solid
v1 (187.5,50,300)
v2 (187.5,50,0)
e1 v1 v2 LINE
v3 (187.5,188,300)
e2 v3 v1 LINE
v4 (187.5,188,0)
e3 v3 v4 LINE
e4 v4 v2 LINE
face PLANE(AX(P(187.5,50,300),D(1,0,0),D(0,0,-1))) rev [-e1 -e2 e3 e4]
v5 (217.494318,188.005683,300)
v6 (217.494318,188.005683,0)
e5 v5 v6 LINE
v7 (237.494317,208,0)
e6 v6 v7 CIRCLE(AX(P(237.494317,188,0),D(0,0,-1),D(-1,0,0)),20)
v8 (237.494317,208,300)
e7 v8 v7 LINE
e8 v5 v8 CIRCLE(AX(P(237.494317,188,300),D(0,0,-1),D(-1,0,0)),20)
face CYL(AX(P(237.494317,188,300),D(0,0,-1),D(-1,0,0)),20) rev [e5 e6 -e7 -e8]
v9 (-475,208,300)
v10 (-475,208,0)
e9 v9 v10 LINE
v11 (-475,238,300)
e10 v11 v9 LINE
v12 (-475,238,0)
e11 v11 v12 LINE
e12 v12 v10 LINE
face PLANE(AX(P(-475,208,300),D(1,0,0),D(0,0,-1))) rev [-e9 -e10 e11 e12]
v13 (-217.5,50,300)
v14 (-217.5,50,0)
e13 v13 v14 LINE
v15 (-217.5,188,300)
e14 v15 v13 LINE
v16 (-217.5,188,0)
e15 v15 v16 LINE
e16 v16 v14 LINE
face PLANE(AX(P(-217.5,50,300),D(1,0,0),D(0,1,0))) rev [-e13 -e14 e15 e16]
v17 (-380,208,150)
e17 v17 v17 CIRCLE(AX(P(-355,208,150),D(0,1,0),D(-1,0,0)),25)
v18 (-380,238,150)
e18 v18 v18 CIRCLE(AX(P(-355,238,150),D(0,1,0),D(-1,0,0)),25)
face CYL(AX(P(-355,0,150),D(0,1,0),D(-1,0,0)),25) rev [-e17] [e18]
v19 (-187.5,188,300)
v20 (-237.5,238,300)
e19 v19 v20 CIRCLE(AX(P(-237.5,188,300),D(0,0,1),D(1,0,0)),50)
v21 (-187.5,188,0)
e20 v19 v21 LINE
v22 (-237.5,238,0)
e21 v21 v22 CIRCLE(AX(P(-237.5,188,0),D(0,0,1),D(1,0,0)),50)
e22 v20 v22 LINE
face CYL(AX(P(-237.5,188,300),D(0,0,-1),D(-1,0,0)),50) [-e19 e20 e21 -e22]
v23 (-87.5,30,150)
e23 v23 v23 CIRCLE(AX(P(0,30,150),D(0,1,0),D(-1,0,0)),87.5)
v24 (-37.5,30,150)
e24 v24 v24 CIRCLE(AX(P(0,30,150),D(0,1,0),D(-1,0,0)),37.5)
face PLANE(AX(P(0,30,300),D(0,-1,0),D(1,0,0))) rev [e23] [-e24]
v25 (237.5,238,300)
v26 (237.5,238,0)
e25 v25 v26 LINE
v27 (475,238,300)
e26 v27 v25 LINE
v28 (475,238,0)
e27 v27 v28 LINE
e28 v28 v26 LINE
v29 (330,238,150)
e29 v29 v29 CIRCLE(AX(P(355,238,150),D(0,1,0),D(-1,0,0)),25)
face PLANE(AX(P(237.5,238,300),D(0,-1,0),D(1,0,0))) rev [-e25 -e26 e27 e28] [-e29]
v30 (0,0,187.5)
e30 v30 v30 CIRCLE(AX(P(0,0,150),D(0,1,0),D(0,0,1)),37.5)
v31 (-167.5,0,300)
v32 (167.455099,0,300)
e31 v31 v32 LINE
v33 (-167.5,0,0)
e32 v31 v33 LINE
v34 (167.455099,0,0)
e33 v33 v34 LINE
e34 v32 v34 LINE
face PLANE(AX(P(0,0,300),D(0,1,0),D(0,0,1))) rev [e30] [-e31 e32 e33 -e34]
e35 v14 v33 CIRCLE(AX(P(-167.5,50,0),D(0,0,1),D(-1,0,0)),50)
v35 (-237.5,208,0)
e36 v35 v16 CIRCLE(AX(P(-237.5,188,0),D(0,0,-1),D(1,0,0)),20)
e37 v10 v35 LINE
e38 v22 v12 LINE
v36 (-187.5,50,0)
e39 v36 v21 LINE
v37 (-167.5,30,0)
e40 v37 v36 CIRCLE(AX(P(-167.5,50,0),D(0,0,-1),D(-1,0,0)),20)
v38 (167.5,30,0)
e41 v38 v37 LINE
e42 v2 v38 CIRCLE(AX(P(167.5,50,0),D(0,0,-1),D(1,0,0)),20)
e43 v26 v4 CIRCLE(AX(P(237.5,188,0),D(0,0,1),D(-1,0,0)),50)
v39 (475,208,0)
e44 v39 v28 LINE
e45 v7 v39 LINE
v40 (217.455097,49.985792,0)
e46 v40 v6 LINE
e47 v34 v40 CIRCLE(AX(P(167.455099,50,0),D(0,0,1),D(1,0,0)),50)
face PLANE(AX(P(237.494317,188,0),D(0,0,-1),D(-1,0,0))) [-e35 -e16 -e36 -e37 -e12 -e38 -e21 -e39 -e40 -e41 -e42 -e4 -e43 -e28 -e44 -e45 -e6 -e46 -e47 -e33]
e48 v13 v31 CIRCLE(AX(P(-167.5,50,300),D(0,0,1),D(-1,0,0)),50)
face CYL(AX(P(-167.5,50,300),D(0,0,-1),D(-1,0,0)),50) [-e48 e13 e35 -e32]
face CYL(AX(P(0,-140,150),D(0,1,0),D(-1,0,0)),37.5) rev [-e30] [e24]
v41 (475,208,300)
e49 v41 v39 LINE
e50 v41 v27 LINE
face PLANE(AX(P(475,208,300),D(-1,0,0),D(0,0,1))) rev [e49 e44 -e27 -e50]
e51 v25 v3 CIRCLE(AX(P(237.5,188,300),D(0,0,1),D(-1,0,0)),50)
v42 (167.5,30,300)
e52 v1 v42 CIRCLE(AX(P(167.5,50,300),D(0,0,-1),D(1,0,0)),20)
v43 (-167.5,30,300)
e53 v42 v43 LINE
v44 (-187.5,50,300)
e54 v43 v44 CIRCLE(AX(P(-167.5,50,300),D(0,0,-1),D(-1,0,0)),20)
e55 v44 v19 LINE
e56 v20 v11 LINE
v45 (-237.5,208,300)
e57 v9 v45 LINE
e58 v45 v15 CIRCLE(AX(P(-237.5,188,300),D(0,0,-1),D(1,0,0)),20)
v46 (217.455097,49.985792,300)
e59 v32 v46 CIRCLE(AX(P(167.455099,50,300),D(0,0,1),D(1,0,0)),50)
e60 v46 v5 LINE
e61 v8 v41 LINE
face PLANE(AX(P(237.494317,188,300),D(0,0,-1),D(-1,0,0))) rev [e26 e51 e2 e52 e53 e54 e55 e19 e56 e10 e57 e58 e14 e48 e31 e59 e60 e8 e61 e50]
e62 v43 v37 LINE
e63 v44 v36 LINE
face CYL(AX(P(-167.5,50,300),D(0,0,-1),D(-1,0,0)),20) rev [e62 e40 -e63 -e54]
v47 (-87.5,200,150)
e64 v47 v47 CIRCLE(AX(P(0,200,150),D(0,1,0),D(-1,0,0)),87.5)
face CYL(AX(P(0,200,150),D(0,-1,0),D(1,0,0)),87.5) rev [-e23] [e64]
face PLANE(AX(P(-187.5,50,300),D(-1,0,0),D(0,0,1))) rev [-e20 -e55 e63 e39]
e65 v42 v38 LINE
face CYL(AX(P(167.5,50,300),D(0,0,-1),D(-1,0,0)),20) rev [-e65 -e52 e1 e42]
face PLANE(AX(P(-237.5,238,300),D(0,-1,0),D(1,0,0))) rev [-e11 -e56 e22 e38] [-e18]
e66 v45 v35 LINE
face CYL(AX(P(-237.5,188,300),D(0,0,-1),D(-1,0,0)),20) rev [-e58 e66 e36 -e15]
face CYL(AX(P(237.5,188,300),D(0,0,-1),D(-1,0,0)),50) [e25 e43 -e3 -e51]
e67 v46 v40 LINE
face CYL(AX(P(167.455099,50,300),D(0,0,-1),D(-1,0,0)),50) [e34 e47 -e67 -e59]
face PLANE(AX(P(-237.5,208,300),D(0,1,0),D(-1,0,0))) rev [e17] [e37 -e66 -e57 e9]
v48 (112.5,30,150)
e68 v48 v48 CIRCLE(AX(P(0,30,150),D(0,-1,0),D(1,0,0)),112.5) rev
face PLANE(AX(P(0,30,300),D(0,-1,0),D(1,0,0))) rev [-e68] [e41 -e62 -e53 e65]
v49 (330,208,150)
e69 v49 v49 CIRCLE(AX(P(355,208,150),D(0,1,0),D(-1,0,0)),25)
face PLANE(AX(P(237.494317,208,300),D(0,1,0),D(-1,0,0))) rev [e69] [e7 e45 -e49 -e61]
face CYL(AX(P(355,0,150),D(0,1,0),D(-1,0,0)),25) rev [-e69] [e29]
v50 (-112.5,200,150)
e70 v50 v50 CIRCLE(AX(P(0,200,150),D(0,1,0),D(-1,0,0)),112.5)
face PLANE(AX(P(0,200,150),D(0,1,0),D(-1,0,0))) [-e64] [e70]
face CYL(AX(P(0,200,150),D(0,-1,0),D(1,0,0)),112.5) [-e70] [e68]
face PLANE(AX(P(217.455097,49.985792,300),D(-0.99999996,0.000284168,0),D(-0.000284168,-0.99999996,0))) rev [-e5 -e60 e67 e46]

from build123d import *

# Parameters (mm, degrees)
BOSS_EXTRUDE1_DEPTH = 300
SKETCH3_R           = 25
CUT_EXTRUDE2_DEPTH  = 239
LPATTERN1_COUNT     = 2
LPATTERN1_PITCH     = 710
SKETCH4_R           = 112.5
SKETCH4_R_2         = 87.5
BOSS_EXTRUDE2_DEPTH = 170
SKETCH5_R           = 37.5
CUT_EXTRUDE3_DEPTH  = 170


with BuildPart() as part:
    # Sketch1 → Boss-Extrude1 (new body)
    with BuildSketch(Plane.XY):
        with BuildLine():
            Line((0, 0), (-167.5, 0))
            ThreePointArc((-167.5, 0), (-202.855339059, 14.644660941), (-217.5, 50))
            Line((-217.5, 50), (-217.5, 188))
            ThreePointArc((-217.5, 188), (-223.357864376, 202.142135624), (-237.5, 208))
            Line((-237.5, 208), (-475, 208))
            Line((-475, 208), (-475, 238))
            Line((-475, 238), (-237.5, 238))
            ThreePointArc((-237.5, 238), (-202.144660941, 223.355339059), (-187.5, 188))
            Line((-187.5, 188), (-187.5, 50))
            ThreePointArc((-187.5, 50), (-181.642135624, 35.857864376), (-167.5, 30))
            Line((-167.5, 30), (0, 30))
            Line((0, 30), (167.5, 30))
            ThreePointArc((167.5, 30), (181.642135624, 35.857864376), (187.5, 50))
            Line((187.5, 50), (187.5, 188))
            ThreePointArc((187.5, 188), (202.144660941, 223.355339059), (237.5, 238))
            Line((237.5, 238), (475, 238))
            Line((475, 238), (475, 208))
            Line((475, 208), (237.494317451, 208))
            ThreePointArc((237.494317451, 208), (223.35419134, 202.144144851), (217.494318258, 188.005683357))
            Line((217.494318258, 188.005683357), (217.455097442, 49.985791608))
            ThreePointArc((217.455097442, 49.985791608), (202.805414738, 14.639637872), (167.455099461, 0))
            Line((167.455099461, 0), (0, 0))
        make_face()
    extrude(amount=BOSS_EXTRUDE1_DEPTH)

    # Sketch3 → Cut-Extrude2 (cut, through all)
    with BuildSketch(Plane(origin=(0, 238, 0), x_dir=(1, 0, 0), z_dir=(0, 1, 0))):
        with Locations(Location((355, -150, 0), (0, 0, 180))):  # turned: the seam where the file's is
            Circle(SKETCH3_R)
    cut_extrude2 = extrude(amount=-CUT_EXTRUDE2_DEPTH, mode=Mode.SUBTRACT)

    # LPattern1: Cut-Extrude2 ×2
    with Locations(*[(-i * LPATTERN1_PITCH, 0, 0) for i in range(1, LPATTERN1_COUNT)]):
        add(cut_extrude2, mode=Mode.SUBTRACT)

    # Sketch4 → Boss-Extrude2 (add)
    with BuildSketch(Plane(origin=(0, 30, 0), x_dir=(1, 0, 0), z_dir=(0, 1, 0))):
        with Locations((0, -150)):
            Circle(SKETCH4_R)
        with Locations(Location((0, -150, 0), (0, 0, 180))):  # turned: the seam where the file's is
            Circle(SKETCH4_R_2, mode=Mode.SUBTRACT)
    extrude(amount=BOSS_EXTRUDE2_DEPTH)

    # Sketch5 → Cut-Extrude3 (cut)
    with BuildSketch(Plane(origin=(0, 30, 0), x_dir=(1, 0, 0), z_dir=(0, 1, 0))):
        with Locations(Location((0, -150, 0), (0, 0, 180))):  # turned: the seam where the file's is
            Circle(SKETCH5_R)
    extrude(amount=-CUT_EXTRUDE3_DEPTH, mode=Mode.SUBTRACT)


solid = part.part
